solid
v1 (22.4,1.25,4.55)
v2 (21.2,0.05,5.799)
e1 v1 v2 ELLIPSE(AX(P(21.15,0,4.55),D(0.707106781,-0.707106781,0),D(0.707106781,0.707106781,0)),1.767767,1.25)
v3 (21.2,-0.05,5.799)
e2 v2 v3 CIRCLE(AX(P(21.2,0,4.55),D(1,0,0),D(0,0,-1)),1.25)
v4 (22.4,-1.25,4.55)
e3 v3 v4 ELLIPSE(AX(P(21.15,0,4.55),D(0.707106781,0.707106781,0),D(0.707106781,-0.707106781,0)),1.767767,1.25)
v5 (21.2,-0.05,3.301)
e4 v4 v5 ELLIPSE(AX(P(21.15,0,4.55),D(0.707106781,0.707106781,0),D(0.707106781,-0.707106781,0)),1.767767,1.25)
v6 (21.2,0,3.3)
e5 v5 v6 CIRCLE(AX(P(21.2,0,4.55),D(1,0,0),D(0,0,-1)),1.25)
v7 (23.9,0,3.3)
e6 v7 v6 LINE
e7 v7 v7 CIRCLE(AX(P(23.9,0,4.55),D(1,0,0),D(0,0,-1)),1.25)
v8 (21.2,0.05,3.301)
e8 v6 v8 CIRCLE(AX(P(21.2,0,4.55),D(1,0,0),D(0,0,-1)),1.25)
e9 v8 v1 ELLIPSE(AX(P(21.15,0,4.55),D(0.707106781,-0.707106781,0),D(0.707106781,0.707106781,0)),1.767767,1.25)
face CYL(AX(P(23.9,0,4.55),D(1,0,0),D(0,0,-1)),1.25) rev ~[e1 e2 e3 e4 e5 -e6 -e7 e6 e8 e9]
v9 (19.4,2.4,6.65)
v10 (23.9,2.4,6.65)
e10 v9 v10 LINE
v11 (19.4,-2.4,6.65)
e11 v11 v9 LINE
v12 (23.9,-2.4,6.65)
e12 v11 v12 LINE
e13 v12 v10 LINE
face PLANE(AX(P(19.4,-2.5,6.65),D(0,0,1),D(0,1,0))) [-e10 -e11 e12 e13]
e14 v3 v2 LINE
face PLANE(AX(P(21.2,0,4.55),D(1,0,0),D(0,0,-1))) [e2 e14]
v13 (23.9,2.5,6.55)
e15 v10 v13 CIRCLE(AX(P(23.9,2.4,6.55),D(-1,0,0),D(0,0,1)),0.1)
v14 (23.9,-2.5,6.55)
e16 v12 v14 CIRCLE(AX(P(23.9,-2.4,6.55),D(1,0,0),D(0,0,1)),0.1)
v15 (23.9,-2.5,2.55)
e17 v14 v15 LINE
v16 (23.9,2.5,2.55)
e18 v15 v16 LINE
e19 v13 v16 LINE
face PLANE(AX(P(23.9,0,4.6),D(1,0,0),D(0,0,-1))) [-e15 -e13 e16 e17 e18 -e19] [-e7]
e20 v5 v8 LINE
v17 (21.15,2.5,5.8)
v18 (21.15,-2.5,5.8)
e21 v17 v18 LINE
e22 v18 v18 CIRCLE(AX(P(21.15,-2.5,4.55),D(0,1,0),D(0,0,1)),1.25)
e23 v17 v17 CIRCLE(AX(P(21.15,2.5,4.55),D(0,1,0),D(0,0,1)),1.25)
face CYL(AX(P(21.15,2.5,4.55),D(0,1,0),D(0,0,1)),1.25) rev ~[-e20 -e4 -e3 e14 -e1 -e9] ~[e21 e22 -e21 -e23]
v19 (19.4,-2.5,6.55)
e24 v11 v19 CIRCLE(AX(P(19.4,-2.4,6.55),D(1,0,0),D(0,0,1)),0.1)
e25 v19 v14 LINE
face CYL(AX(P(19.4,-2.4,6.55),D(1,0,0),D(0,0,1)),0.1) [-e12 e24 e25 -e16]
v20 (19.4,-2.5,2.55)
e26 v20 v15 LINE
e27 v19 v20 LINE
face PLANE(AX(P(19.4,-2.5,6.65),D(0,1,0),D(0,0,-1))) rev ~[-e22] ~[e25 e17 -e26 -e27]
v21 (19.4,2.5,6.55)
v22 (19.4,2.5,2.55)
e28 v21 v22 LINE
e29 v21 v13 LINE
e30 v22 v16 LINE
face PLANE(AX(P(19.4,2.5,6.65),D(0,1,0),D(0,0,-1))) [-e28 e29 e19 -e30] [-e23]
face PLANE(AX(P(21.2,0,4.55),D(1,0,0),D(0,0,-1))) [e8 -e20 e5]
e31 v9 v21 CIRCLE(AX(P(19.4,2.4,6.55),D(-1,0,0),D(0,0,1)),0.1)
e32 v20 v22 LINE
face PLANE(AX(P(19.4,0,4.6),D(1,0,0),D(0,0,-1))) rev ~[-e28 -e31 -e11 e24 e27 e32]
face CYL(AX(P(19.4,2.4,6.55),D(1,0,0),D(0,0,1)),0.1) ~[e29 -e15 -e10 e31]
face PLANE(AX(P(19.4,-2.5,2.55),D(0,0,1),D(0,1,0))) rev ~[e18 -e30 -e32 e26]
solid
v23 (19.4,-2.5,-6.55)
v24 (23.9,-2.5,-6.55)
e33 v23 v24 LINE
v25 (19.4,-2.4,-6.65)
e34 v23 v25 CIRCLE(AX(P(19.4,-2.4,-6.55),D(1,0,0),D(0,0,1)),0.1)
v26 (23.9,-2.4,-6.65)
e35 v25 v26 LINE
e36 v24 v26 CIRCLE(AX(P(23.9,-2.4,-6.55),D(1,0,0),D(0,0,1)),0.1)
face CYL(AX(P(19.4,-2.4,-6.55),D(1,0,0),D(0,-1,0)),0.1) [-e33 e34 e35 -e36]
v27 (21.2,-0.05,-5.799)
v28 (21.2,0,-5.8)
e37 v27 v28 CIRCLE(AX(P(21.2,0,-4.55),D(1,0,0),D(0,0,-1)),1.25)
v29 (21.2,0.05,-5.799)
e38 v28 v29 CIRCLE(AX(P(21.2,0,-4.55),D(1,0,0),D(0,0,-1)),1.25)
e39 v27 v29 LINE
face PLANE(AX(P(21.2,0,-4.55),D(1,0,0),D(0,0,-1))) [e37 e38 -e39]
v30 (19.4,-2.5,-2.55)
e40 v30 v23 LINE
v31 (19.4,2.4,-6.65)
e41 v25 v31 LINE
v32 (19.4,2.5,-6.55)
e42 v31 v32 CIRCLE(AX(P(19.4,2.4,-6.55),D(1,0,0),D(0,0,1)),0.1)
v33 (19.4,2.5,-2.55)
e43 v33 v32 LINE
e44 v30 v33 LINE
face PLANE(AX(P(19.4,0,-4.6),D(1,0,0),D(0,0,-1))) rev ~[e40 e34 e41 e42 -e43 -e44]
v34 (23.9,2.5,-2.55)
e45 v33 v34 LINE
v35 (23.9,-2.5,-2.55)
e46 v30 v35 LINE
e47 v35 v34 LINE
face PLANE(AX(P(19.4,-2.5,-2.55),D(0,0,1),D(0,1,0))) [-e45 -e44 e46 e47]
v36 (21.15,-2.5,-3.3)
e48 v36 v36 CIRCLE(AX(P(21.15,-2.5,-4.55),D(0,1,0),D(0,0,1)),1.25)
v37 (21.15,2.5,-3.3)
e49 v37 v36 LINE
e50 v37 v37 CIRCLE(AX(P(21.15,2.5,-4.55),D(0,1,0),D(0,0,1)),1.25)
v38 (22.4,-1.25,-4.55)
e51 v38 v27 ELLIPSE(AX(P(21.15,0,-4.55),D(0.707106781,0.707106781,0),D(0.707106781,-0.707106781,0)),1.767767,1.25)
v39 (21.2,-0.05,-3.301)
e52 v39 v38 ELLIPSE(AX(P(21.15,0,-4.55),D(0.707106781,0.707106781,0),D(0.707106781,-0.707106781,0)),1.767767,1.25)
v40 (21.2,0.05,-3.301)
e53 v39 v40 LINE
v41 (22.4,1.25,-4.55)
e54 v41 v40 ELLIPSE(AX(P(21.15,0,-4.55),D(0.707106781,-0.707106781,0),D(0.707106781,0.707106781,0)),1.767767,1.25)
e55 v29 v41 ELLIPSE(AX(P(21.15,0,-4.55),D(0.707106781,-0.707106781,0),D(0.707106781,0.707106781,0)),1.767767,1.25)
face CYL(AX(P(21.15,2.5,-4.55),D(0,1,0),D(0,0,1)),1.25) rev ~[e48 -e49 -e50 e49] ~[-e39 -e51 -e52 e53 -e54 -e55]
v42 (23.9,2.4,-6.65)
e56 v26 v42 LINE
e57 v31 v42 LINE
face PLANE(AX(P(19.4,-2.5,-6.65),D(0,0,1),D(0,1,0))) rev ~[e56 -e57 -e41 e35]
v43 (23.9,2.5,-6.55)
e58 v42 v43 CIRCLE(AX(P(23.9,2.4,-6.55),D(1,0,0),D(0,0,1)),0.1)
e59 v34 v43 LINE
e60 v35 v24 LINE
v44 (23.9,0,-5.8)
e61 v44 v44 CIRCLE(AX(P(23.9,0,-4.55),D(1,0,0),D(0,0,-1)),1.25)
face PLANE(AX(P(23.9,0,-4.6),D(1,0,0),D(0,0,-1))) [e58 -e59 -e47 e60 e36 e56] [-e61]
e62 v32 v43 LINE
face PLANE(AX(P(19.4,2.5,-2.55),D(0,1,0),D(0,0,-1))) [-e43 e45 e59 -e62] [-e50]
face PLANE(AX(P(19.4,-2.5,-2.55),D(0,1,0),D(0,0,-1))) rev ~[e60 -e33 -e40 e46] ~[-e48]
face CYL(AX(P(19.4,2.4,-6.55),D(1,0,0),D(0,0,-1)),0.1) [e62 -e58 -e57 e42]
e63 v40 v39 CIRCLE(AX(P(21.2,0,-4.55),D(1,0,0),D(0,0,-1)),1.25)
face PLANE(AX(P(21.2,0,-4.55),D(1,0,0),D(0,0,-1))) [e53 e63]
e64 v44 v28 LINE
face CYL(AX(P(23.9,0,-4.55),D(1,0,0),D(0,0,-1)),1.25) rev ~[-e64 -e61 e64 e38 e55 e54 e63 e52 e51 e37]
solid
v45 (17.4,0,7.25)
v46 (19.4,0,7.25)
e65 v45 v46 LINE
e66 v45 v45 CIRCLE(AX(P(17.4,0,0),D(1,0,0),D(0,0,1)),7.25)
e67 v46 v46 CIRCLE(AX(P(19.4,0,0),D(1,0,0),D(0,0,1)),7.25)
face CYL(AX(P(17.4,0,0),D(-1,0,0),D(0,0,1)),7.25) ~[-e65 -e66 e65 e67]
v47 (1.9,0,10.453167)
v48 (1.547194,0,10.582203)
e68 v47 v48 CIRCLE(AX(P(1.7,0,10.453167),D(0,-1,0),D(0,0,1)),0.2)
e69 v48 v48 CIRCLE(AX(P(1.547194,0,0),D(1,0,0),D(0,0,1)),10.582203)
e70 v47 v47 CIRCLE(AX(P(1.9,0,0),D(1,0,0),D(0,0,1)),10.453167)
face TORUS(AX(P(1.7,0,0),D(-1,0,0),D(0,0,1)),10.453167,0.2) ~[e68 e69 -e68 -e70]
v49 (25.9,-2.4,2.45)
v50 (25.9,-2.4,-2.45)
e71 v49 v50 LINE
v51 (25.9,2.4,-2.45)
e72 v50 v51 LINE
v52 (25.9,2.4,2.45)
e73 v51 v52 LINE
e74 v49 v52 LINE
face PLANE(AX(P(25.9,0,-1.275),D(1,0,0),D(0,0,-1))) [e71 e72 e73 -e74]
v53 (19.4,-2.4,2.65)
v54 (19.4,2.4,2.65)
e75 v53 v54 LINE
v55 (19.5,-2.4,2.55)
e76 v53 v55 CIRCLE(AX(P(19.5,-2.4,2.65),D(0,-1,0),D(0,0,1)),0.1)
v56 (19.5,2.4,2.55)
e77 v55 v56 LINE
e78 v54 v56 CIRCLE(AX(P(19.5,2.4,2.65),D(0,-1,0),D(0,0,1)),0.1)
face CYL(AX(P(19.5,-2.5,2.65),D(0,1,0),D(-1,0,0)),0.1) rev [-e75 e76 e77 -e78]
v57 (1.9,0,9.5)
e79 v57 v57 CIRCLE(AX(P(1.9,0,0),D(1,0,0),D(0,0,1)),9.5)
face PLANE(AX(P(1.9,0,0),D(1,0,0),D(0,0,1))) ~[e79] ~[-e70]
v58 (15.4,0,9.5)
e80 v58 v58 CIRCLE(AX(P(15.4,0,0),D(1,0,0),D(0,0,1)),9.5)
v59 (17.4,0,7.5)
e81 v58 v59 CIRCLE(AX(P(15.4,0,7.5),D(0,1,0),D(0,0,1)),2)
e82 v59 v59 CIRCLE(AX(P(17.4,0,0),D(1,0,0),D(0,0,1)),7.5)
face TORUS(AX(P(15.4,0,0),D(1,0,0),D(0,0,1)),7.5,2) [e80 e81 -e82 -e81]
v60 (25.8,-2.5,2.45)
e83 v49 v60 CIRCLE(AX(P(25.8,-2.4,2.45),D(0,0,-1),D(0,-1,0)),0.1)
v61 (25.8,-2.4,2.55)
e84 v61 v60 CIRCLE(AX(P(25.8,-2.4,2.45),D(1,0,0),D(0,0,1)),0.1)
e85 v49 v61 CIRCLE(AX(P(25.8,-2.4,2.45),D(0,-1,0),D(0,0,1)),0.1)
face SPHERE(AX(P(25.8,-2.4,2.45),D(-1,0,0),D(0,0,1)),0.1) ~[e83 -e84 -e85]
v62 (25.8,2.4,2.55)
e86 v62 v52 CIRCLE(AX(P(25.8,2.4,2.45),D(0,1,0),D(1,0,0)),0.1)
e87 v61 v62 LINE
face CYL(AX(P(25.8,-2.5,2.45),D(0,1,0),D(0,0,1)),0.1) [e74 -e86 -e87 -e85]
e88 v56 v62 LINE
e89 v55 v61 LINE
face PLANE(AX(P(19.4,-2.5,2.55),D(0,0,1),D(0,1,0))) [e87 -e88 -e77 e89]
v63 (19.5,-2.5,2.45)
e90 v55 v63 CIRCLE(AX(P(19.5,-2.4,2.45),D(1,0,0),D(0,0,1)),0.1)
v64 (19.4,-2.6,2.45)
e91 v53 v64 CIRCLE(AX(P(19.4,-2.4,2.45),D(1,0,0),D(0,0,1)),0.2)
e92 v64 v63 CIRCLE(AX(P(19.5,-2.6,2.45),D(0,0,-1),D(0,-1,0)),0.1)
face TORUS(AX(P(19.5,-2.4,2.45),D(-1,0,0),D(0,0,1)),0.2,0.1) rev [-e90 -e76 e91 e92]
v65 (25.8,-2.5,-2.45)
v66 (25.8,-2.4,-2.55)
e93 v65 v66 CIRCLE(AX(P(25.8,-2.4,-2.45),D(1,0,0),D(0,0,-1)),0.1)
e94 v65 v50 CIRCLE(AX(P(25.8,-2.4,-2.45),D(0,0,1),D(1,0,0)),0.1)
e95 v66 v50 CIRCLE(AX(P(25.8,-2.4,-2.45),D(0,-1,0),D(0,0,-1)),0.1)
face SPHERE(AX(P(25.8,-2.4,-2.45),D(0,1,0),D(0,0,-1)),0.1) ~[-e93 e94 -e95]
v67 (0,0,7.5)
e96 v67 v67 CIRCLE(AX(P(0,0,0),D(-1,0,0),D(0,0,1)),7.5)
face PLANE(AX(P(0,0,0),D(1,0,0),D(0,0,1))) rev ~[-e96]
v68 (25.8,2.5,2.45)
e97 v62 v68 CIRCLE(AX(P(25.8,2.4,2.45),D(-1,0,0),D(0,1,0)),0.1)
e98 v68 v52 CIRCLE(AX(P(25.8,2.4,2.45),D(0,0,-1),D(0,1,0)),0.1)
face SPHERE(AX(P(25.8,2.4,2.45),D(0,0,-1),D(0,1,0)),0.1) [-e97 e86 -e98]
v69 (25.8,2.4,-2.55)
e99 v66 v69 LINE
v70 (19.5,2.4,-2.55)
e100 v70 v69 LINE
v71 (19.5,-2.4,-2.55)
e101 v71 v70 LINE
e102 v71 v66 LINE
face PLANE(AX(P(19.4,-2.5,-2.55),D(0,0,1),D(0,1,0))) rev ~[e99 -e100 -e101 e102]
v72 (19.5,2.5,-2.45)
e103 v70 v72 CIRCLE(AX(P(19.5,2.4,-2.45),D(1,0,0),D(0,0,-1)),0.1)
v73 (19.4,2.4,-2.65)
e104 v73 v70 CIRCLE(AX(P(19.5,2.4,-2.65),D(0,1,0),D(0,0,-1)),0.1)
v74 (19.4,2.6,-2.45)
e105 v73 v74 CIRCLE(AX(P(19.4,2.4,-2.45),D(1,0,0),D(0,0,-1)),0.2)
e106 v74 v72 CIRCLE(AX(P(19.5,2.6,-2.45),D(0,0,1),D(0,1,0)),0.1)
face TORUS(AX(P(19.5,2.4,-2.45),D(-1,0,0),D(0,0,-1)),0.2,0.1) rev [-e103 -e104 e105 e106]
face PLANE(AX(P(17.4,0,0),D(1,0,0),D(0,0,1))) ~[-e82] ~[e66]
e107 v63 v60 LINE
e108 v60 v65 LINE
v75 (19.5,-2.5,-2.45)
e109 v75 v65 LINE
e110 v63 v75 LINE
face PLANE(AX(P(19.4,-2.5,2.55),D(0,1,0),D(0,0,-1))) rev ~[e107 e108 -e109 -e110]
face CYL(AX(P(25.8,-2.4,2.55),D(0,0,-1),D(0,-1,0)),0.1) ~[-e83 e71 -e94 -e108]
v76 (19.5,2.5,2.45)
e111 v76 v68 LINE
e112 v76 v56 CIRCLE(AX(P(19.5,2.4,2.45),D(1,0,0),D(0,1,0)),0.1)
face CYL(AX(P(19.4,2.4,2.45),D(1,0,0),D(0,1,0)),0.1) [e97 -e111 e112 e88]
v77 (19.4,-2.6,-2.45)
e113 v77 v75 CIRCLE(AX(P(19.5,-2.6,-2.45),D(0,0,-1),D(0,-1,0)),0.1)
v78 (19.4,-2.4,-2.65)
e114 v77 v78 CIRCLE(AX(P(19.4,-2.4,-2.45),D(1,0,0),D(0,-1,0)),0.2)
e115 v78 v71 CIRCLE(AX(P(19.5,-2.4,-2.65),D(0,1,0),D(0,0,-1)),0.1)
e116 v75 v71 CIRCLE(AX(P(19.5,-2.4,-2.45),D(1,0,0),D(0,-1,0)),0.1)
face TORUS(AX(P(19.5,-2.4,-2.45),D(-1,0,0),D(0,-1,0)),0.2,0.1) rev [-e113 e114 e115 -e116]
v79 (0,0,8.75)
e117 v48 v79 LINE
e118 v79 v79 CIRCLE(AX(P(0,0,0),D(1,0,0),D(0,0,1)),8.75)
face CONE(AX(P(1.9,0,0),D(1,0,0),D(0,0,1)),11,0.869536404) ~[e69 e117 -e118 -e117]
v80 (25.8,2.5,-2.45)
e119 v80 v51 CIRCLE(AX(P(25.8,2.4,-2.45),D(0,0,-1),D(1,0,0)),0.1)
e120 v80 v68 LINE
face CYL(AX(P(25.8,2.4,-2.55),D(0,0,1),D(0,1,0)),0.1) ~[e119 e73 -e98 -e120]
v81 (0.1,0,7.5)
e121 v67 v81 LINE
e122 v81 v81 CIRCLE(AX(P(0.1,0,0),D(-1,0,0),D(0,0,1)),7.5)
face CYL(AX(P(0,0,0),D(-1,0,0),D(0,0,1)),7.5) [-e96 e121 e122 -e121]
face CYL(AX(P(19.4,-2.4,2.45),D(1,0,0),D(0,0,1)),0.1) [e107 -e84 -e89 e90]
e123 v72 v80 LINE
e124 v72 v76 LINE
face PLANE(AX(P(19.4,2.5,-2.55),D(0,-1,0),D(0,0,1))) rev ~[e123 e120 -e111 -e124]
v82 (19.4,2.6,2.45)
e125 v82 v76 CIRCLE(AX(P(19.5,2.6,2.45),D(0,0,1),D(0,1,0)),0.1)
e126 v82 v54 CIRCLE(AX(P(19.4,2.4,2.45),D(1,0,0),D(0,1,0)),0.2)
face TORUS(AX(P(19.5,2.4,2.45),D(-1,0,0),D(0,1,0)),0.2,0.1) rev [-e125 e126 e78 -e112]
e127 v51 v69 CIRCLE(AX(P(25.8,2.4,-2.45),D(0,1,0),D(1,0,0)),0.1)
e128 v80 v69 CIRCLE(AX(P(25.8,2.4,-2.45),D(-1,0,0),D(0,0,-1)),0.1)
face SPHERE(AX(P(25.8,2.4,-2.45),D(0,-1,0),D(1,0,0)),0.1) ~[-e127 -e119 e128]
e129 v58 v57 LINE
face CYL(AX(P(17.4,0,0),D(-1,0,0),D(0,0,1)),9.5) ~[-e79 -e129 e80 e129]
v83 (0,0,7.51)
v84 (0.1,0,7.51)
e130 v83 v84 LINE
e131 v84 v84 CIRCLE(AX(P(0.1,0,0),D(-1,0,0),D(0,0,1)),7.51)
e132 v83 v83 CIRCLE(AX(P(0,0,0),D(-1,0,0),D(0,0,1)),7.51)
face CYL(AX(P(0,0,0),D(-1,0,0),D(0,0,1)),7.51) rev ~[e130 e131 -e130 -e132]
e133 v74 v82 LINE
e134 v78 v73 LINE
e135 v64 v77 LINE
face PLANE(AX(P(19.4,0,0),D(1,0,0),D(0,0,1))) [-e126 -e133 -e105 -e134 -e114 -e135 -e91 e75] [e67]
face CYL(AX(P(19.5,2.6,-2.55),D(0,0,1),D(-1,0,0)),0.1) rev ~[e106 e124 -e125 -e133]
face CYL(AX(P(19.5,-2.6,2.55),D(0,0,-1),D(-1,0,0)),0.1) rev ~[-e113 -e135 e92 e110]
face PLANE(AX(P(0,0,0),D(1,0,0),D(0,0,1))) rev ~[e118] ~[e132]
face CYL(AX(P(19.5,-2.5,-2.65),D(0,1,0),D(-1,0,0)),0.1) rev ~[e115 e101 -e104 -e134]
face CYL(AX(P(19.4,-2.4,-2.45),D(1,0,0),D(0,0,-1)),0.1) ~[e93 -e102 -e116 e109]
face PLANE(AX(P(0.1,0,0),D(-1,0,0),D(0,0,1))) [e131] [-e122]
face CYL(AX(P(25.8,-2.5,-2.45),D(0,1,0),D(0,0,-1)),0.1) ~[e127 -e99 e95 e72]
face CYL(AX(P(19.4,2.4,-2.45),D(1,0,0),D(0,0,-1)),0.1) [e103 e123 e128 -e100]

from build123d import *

# Parameters (mm, degrees)
SKETCH_2_R          = 7.51
SKETCH_2_R_2        = 7.5
CUT_EXTRUDE_1_DEPTH = 0.1
FILLET_1_R          = 2
SKETCH_3_R          = 7.25
EXTRUDE_1_DEPTH     = 2
SKETCH_4_W          = 2.55
SKETCH_4_H          = 5
EXTRUDE_2_DEPTH     = 6.5
SKETCH_5_W          = 4.1
SKETCH_5_H          = 5
EXTRUDE_4_DEPTH     = 4.5
EXTRUDE_4_2_DEPTH   = 4.5
FILLET_2_R          = 0.1
FILLET_4_R          = 0.1
FILLET_5_R          = 0.1
SKETCH_6_R          = 1.25
CUT_EXTRUDE_3_DEPTH = 2.7
SKETCH_7_R          = 1.25
CUT_EXTRUDE_4_DEPTH = 32.209934316
FILLET_7_R          = 0.1
FILLET_8_R          = 0.2


with BuildPart() as part:
    # Эскиз1 → Повернуть1 (revolve)
    with BuildSketch(Plane(origin=(0, 0, 0), x_dir=(1, 0, 0), z_dir=(0, 1, 0)), mode=Mode.PRIVATE) as revolve_1_sk:
        Polygon((1.9, 9.5), (1.9, 11), (0, 8.75), (0, 0), (1.9, 0), (17.4, 0), (17.4, 9.5), align=None)
    revolve(revolve_1_sk.sketch.rotate(Axis((0, 0, 0), (1, 0, 0)), 180), axis=Axis((0, 0, 0), (1, 0, 0)))

    # Эскиз2 → Вырез-Вытянуть1 (cut)
    with BuildSketch(Plane.ZY):
        Circle(SKETCH_2_R)
        Circle(SKETCH_2_R_2, mode=Mode.SUBTRACT)
    extrude(amount=-CUT_EXTRUDE_1_DEPTH, mode=Mode.SUBTRACT)

    # Скругление1
    fillet_1_edges = [part.edges().sort_by_distance(p)[0] for p in [
        (17.4, 0, -9.5),
    ]]
    fillet(fillet_1_edges, radius=FILLET_1_R)

    # Эскиз3 → Бобышка-Вытянуть1 (add)
    with BuildSketch(Plane(origin=(17.4, 0, 0), x_dir=(0, 0, -1), z_dir=(1, 0, 0))):
        with Locations(Location((0, 0, 0), (0, 0, 180))):
            Circle(SKETCH_3_R)
    extrude(amount=EXTRUDE_1_DEPTH)

    # Эскиз4 → Бобышка-Вытянуть2 (add)
    with BuildSketch(Plane(origin=(19.4, 0, 0), x_dir=(0, 0, -1), z_dir=(1, 0, 0))):
        with Locations((1.275, 0)):
            Rectangle(SKETCH_4_W, SKETCH_4_H)
        with Locations((-1.275, 0)):
            Rectangle(SKETCH_4_W, SKETCH_4_H)
    extrude(amount=EXTRUDE_2_DEPTH)

    # Скругление7
    fillet_7_edges = [part.edges().sort_by_distance(p)[0] for p in [
        (25.9, 0, -2.55),
        (22.65, -2.5, -2.55),
        (25.9, 2.5, 0),
        (22.65, 2.5, -2.55),
        (19.4, 0, 2.55),
        (22.65, 2.5, 2.55),
        (19.4, -2.5, 0),
        (22.65, -2.5, 2.55),
        (25.9, 0, 2.55),
        (25.9, -2.5, 0),
        (19.4, 0, -2.55),
        (19.4, 2.5, 0),
    ]]
    fillet(fillet_7_edges, radius=FILLET_7_R)

    # Скругление8
    fillet_8_edges = [part.edges().sort_by_distance(p)[0] for p in [
        (1.9, 0, -11),
    ]]
    fillet(fillet_8_edges, radius=FILLET_8_R)


with BuildPart() as body_2:
    # Эскиз5 → Бобышка-Вытянуть4 (new body)
    with BuildSketch(Plane(origin=(19.4, 0, 0), x_dir=(0, 0, -1), z_dir=(1, 0, 0))):
        with Locations((-4.6, 0)):
            Rectangle(SKETCH_5_W, SKETCH_5_H)
    extrude(amount=EXTRUDE_4_DEPTH)

    # Скругление4
    fillet_4_edges = [body_2.edges().sort_by_distance(p)[0] for p in [
        (21.65, -2.5, 6.65),
        (21.65, 2.5, 6.65),
    ]]
    fillet(fillet_4_edges, radius=FILLET_4_R)


with BuildPart() as body_3:
    # Эскиз5 → Extrude 4 2 (new body)
    with BuildSketch(Plane(origin=(19.4, 0, 0), x_dir=(0, 0, -1), z_dir=(1, 0, 0))):
        with Locations((4.6, 0)):
            Rectangle(SKETCH_5_W, SKETCH_5_H)
    extrude(amount=EXTRUDE_4_2_DEPTH)

    # Скругление2
    fillet_2_edges = [body_3.edges().sort_by_distance(p)[0] for p in [
        (21.65, -2.5, -6.65),
    ]]
    fillet(fillet_2_edges, radius=FILLET_2_R)

    # Скругление5
    fillet_5_edges = [body_3.edges().sort_by_distance(p)[0] for p in [
        (21.65, 2.5, -6.65),
    ]]
    fillet(fillet_5_edges, radius=FILLET_5_R)


with BuildPart() as cut_extrude_3_tool:
    # Эскиз6 → Вырез-Вытянуть3 (new body)
    with BuildSketch(Plane(origin=(23.9, 0, 0), x_dir=(0, 0, -1), z_dir=(1, 0, 0))):
        with Locations((-4.55, 0)):
            Circle(SKETCH_6_R)
        with Locations((4.55, 0)):
            Circle(SKETCH_6_R)
    extrude(amount=-CUT_EXTRUDE_3_DEPTH)


with BuildPart() as body_2_1:
    add(body_2.part)

    # Вырез-Вытянуть3: cut by cut_extrude_3_tool
    add(cut_extrude_3_tool.part, mode=Mode.SUBTRACT)


with BuildPart() as body_3_1:
    add(body_3.part)

    # Вырез-Вытянуть3: cut by cut_extrude_3_tool
    add(cut_extrude_3_tool.part, mode=Mode.SUBTRACT)


with BuildPart() as cut_extrude_4_tool:
    # Эскиз7 → Вырез-Вытянуть4 (new, through all)
    with BuildSketch(Plane(origin=(0, 2.5, 0), x_dir=(1, 0, 0), z_dir=(0, 1, 0))):
        with Locations(Location((21.15, 4.55, 0), (0, 0, 270))):
            Circle(SKETCH_7_R)
        with Locations(Location((21.15, -4.55, 0), (0, 0, 270))):
            Circle(SKETCH_7_R)
    extrude(amount=-CUT_EXTRUDE_4_DEPTH)


with BuildPart() as body_2_2:
    add(body_2_1.part)

    # Вырез-Вытянуть4: cut by cut_extrude_4_tool
    add(cut_extrude_4_tool.part, mode=Mode.SUBTRACT)


with BuildPart() as body_3_2:
    add(body_3_1.part)

    # Вырез-Вытянуть4: cut by cut_extrude_4_tool
    add(cut_extrude_4_tool.part, mode=Mode.SUBTRACT)


solid = Compound([part.part, body_2_2.part, body_3_2.part])
